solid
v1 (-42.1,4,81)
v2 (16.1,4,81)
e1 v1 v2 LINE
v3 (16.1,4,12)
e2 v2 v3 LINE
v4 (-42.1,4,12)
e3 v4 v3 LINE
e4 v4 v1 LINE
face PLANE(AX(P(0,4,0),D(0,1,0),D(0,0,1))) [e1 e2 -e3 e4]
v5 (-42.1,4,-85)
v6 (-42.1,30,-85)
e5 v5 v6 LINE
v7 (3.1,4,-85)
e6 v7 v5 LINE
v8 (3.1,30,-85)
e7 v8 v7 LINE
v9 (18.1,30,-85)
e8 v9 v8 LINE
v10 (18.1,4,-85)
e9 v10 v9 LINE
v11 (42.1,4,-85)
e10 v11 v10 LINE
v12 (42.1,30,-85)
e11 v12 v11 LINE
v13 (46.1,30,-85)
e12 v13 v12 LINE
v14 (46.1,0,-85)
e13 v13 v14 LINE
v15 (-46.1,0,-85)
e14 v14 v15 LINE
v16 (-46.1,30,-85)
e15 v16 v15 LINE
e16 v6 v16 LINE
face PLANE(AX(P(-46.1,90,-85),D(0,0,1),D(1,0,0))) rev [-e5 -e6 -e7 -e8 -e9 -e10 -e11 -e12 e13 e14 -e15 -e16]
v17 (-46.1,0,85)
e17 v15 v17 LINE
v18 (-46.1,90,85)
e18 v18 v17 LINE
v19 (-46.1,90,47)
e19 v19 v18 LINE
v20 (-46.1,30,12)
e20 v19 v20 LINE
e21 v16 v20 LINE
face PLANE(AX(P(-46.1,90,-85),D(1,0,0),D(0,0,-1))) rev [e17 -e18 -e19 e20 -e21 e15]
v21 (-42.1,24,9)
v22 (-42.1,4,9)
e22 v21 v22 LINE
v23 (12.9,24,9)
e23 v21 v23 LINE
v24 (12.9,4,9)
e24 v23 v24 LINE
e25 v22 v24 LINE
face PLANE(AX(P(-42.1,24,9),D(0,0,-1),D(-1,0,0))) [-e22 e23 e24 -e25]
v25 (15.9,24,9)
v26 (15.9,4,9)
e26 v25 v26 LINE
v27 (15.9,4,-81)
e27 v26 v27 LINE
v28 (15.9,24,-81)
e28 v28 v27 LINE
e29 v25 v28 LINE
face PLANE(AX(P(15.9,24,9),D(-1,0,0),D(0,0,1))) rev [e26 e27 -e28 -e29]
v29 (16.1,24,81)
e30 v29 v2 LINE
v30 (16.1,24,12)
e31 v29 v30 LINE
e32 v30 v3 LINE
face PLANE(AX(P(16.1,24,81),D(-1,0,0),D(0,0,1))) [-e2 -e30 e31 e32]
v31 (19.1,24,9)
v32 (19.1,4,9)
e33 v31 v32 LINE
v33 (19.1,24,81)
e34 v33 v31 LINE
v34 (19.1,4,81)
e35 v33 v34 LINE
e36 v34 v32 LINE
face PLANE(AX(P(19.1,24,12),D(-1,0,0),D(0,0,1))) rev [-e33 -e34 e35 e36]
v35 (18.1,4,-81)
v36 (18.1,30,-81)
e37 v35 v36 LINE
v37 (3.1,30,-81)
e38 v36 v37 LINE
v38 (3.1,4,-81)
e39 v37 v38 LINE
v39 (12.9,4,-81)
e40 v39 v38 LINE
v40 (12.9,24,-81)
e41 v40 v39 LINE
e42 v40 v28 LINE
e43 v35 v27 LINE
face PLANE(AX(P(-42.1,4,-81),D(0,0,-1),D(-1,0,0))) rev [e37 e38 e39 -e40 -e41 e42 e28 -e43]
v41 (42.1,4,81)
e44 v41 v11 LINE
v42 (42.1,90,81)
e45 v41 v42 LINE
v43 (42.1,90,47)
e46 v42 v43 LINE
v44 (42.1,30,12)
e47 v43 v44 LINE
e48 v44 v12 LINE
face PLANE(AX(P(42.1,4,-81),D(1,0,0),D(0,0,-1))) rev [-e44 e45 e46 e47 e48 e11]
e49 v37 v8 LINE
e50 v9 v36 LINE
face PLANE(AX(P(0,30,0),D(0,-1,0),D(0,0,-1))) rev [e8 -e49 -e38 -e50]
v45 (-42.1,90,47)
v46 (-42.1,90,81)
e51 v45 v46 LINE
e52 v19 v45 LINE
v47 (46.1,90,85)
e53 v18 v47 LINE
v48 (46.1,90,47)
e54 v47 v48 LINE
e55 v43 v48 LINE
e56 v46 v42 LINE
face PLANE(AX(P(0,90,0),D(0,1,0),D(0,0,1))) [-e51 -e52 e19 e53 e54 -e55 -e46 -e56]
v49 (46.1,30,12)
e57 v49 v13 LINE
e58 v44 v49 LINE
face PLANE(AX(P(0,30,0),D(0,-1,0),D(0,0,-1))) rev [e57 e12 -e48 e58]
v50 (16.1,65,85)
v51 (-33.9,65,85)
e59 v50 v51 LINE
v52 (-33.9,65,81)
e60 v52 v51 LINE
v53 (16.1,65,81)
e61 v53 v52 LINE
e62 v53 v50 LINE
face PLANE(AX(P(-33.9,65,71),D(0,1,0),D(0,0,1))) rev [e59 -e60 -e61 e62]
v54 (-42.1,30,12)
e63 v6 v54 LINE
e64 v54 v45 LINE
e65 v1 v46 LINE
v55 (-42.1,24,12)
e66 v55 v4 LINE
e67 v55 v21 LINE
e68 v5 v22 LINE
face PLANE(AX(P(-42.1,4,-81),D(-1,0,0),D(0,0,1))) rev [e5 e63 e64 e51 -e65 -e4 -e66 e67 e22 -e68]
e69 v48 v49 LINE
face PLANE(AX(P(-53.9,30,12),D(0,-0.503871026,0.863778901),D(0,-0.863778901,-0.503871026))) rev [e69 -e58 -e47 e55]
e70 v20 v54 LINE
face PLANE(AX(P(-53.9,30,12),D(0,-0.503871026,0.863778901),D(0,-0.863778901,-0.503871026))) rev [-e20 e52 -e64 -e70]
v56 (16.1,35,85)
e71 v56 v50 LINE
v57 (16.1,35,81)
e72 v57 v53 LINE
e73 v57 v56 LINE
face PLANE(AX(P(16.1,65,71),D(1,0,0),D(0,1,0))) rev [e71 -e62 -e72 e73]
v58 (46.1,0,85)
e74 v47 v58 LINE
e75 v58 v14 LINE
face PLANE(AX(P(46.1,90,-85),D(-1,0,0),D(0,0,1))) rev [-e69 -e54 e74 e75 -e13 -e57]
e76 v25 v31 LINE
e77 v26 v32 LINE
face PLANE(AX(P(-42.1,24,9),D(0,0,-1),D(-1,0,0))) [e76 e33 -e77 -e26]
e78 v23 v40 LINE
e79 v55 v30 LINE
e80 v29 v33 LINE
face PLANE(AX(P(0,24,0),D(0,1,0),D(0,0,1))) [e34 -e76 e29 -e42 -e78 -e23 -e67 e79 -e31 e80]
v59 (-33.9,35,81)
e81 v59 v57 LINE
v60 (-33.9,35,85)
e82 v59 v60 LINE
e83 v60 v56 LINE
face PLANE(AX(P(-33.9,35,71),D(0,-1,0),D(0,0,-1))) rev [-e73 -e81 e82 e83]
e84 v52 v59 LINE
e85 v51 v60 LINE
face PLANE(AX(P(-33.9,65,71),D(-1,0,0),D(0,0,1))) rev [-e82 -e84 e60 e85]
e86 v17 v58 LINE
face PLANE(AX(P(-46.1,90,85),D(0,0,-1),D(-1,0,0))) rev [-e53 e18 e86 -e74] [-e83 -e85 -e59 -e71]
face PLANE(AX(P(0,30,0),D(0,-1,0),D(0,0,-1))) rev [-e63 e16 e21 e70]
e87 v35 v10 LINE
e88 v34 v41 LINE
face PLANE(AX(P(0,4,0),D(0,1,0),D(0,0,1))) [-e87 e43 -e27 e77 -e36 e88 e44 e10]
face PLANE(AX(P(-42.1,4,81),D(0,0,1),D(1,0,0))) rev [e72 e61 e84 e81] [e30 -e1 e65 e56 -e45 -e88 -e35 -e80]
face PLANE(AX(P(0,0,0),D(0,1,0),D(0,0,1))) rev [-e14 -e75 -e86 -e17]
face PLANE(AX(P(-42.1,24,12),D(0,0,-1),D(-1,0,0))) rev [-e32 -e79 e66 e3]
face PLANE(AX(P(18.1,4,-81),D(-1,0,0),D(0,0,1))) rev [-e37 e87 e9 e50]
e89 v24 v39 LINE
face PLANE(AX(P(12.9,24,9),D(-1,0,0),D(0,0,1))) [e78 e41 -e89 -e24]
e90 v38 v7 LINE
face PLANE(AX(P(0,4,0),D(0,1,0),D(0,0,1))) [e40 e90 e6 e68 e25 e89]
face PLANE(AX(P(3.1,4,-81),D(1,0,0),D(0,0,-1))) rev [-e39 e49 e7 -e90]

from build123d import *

# Parameters (mm, degrees)
SKETCH1_W           = 92.2
SKETCH1_H           = 170
BOX_DEPTH           = 90
SKETCH2_W           = 84.2
SKETCH2_H           = 162
BOX_CUT_DEPTH       = 86
BOSS_EXTRUDE2_DEPTH = 20
SKETCH4_W           = 24
SKETCH4_H           = 82
SKETCH4_W_2         = 45.2
SKETCH4_H_2         = 30
CUT_EXTRUDE2_DEPTH  = 4
SKETCH5_W           = 40
SKETCH5_H           = 20
CUT_EXTRUDE3_DEPTH  = 104
SKETCH6_W           = 50
SKETCH6_H           = 30
CUT_EXTRUDE4_DEPTH  = 14
SKETCH7_W           = 92.2
SKETCH7_H           = 97
CUT_EXTRUDE5_DEPTH  = 60
CUT_EXTRUDE6_DEPTH  = 100


with BuildPart() as part:
    # Sketch1 → Box (new body)
    with BuildSketch(Plane(origin=(0, 0, 0), x_dir=(1, 0, 0), z_dir=(0, 1, 0))):
        Rectangle(SKETCH1_W, SKETCH1_H)
    extrude(amount=BOX_DEPTH)

    # Sketch2 → Box Cut (cut)
    with BuildSketch(Plane(origin=(0, 90, 0), x_dir=(1, 0, 0), z_dir=(0, 1, 0))):
        Rectangle(SKETCH2_W, SKETCH2_H)
    extrude(amount=-BOX_CUT_DEPTH, mode=Mode.SUBTRACT)

    # Inside Walls → Boss-Extrude2 (add)
    with BuildSketch(Plane(origin=(0, 4, 0), x_dir=(1, 0, 0), z_dir=(0, 1, 0))):
        Polygon((-42.1, -9), (-42.1, -12), (16.1, -12), (16.1, -81), (19.1, -81), (19.1, -9), (15.9, -9), (15.9, 81), (12.9, 81), (12.9, -9), align=None)
    extrude(amount=BOSS_EXTRUDE2_DEPTH)

    # Sketch4 → Cut-Extrude2 (cut)
    with BuildSketch(Plane(origin=(0, 0, -85), x_dir=(-1, 0, 0), z_dir=(0, 0, -1))):
        with Locations((-30.1, 45)):
            Rectangle(SKETCH4_W, SKETCH4_H)
        with Locations((19.5, 19)):
            Rectangle(SKETCH4_W_2, SKETCH4_H_2)
    extrude(amount=-CUT_EXTRUDE2_DEPTH, mode=Mode.SUBTRACT)

    # Sketch5 → Cut-Extrude3 (cut)
    with BuildSketch(Plane.ZY.offset(46.1)):
        with Locations((-49.995549612, 50)):
            Rectangle(SKETCH5_W, SKETCH5_H)
    extrude(amount=-CUT_EXTRUDE3_DEPTH, mode=Mode.SUBTRACT)

    # Sketch6 → Cut-Extrude4 (cut)
    with BuildSketch(Plane.XY.offset(85)):
        with Locations((-8.9, 50)):
            Rectangle(SKETCH6_W, SKETCH6_H)
    extrude(amount=-CUT_EXTRUDE4_DEPTH, mode=Mode.SUBTRACT)

    # Sketch7 → Cut-Extrude5 (cut)
    with BuildSketch(Plane(origin=(0, 90, 0), x_dir=(1, 0, 0), z_dir=(0, 1, 0))):
        with Locations((0, 36.5)):
            Rectangle(SKETCH7_W, SKETCH7_H)
    extrude(amount=-CUT_EXTRUDE5_DEPTH, mode=Mode.SUBTRACT)

    # Sketch8 → Cut-Extrude6 (cut)
    with BuildSketch(Plane(origin=(46.1, 0, 0), x_dir=(0, 0, -1), z_dir=(1, 0, 0))):
        Polygon((-12, 30), (-47, 90), (-12, 90), align=None)
    extrude(amount=-CUT_EXTRUDE6_DEPTH, mode=Mode.SUBTRACT)


solid = part.part
